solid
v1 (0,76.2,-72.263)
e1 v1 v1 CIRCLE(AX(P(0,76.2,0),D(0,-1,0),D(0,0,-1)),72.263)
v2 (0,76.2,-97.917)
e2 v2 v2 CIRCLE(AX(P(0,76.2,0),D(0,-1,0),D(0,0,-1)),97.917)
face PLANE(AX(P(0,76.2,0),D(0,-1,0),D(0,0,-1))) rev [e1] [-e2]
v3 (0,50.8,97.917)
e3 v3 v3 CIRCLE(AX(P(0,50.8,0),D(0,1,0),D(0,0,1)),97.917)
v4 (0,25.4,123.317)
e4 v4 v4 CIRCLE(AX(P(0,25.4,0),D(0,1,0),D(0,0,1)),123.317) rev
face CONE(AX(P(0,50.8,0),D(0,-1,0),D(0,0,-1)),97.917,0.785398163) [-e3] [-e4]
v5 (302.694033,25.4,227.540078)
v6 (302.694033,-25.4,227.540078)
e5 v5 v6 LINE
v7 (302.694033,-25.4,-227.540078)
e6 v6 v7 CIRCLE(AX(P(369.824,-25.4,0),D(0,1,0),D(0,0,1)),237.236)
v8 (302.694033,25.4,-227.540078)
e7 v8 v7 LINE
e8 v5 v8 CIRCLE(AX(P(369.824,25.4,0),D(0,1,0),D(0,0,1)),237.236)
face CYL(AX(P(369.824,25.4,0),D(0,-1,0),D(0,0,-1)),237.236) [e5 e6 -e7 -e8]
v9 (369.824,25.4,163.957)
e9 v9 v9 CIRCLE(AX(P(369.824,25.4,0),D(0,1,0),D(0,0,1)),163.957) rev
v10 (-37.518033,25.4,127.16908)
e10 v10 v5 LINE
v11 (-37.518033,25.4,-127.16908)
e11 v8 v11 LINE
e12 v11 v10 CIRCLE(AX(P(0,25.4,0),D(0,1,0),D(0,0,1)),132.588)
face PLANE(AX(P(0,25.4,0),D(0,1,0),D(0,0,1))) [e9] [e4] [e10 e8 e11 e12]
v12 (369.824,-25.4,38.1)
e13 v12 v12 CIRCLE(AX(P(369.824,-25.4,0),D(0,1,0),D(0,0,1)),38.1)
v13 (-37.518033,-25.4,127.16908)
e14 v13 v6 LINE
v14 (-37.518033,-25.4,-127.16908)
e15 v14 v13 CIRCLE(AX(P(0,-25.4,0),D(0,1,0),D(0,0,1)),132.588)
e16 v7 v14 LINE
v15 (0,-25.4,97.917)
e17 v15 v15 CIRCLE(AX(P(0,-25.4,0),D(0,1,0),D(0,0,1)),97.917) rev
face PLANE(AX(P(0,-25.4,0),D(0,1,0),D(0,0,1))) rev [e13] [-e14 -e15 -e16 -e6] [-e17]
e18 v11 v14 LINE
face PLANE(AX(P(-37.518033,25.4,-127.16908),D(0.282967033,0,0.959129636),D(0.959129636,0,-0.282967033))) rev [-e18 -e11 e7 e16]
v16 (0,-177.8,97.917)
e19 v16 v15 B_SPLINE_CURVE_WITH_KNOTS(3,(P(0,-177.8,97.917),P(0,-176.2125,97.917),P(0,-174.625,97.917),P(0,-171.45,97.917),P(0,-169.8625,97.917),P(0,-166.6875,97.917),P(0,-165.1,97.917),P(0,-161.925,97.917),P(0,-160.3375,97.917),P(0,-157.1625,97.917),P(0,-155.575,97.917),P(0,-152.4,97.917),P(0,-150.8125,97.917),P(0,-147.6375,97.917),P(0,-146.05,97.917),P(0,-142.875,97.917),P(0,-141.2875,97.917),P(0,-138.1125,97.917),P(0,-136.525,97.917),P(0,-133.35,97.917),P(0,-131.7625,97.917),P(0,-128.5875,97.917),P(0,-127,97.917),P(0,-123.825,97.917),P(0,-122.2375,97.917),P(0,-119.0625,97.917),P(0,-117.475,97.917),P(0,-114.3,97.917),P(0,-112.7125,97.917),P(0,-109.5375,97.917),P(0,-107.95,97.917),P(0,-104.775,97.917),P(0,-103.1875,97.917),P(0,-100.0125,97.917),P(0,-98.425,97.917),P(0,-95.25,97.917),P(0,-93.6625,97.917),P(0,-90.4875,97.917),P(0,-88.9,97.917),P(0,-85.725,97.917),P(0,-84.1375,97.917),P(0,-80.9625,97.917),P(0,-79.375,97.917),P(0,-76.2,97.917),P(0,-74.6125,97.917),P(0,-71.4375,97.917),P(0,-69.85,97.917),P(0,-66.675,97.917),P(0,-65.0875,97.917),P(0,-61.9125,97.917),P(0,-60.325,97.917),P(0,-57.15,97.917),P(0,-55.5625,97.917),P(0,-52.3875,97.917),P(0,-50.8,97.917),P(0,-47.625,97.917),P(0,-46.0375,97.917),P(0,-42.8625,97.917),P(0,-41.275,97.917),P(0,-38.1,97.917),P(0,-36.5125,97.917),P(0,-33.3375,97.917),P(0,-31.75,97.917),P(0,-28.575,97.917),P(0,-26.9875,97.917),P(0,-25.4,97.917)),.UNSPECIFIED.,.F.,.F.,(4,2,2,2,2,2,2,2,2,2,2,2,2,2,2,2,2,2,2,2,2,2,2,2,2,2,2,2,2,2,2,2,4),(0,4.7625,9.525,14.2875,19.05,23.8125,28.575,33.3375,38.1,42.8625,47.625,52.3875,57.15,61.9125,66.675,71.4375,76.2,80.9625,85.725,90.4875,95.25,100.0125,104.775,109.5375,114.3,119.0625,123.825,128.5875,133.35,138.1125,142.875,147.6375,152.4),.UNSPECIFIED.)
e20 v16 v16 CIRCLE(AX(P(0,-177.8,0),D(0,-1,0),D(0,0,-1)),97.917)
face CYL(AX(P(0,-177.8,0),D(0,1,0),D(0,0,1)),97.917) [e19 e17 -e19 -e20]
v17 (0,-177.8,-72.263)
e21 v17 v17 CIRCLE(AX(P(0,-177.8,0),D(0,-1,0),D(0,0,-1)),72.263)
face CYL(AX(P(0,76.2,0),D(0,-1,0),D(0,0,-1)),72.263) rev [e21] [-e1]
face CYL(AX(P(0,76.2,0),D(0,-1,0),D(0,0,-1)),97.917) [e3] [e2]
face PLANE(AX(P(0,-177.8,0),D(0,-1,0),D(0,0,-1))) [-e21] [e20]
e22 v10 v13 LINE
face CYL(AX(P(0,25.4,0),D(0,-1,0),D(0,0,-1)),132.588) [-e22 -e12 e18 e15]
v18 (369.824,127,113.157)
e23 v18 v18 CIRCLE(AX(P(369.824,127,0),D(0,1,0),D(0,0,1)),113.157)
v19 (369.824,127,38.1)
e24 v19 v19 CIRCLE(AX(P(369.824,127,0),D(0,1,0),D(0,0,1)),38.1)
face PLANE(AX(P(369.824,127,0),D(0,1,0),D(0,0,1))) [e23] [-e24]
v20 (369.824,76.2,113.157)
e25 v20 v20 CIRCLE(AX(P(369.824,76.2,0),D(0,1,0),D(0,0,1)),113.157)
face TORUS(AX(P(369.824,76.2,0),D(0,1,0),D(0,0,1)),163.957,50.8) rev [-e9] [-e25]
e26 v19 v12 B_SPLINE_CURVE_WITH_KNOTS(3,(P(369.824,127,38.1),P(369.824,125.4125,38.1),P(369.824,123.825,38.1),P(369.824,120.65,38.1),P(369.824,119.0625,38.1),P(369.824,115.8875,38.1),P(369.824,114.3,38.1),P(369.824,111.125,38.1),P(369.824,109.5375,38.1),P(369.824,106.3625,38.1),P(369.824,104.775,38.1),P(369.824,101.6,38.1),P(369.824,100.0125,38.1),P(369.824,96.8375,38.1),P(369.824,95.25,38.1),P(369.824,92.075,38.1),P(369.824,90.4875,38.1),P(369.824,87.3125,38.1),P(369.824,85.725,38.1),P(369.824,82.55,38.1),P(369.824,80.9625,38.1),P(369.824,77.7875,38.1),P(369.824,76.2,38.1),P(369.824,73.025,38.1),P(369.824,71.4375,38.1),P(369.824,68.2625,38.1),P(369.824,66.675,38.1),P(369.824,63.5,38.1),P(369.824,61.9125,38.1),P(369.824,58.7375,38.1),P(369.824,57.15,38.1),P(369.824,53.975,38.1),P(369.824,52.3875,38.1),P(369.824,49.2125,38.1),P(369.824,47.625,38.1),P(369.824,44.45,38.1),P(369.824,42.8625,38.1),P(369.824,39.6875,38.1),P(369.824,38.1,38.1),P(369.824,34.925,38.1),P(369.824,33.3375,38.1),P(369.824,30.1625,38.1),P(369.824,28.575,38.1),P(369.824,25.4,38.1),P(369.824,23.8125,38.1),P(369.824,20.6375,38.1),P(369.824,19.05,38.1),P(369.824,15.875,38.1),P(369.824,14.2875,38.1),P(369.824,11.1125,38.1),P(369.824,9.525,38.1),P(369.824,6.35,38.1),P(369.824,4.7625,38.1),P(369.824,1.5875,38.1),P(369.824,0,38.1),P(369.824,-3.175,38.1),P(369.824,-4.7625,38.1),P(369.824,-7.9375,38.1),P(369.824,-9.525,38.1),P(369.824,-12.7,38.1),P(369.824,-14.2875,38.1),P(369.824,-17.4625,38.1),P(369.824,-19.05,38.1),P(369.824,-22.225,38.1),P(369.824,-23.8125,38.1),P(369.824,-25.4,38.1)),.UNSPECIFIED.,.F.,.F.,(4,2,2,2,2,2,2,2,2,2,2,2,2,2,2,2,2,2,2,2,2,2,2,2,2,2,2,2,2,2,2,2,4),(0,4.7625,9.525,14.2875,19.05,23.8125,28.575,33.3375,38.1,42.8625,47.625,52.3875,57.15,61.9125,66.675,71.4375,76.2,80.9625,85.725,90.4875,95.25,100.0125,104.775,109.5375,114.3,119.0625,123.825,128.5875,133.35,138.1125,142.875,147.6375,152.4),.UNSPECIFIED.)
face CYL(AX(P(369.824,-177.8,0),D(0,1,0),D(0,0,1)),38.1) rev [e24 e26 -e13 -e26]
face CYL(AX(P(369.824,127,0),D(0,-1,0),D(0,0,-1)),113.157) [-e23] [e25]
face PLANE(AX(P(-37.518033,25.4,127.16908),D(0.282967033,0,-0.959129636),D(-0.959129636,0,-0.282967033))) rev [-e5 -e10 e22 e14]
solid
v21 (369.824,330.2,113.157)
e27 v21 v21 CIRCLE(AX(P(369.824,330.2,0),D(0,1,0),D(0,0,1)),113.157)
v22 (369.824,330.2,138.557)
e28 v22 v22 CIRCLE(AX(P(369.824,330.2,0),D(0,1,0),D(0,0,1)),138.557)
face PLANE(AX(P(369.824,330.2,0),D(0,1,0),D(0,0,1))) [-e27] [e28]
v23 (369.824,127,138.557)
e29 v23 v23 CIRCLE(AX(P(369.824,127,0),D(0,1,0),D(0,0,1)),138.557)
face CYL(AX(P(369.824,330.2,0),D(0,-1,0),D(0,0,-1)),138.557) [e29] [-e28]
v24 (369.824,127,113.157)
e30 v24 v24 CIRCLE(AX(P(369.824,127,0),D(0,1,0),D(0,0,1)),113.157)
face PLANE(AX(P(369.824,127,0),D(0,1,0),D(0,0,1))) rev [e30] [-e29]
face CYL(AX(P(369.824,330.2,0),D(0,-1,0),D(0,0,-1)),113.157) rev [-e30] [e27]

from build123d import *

# Parameters (mm, degrees)
BOSS_EXTRUDE1_DEPTH = 25.4
SKETCH2_R           = 97.917
BOSS_EXTRUDE2_DEPTH = 152.4
SKETCH3_R           = 72.263
CUT_EXTRUDE2_DEPTH  = 683.710043354
BOSS_EXTRUDE3_START = -254
SKETCH4_R           = 97.917
BOSS_EXTRUDE3_DEPTH = 254
SKETCH3_3_R         = 72.263
CUT_EXTRUDE3_DEPTH  = 254
SKETCH5_R           = 113.157
BOSS_EXTRUDE5_DEPTH = 101.6
SKETCH8_R           = 138.557
SKETCH8_R_2         = 113.157
BOSS_EXTRUDE6_DEPTH = 203.2
SKETCH9_R           = 38.1
CUT_EXTRUDE6_DEPTH  = 720.517757457
FILLET1_R           = 50.8
CHAMFER1_SIZE       = 25.4


with BuildPart() as part:
    # Sketch1 → Boss-Extrude1 (new, symmetric)
    with BuildSketch(Plane(origin=(0, 0, 0), x_dir=(1, 0, 0), z_dir=(0, 1, 0))):
        with BuildLine():
            Line((-37.518032967, 127.16908015), (302.694032967, 227.540078277))
            ThreePointArc((302.694032967, 227.540078277), (607.06, 0), (302.694032967, -227.540078277))
            Line((302.694032967, -227.540078277), (-37.518032967, -127.16908015))
            ThreePointArc((-37.518032967, -127.16908015), (-132.588, 0), (-37.518032967, 127.16908015))
        make_face()
    extrude(amount=BOSS_EXTRUDE1_DEPTH, both=True)

    # Sketch2 → Boss-Extrude2 (add)
    with BuildSketch(Plane.XZ.offset(25.4)):
        Circle(SKETCH2_R)
    extrude(amount=BOSS_EXTRUDE2_DEPTH)

    # Sketch3 → Cut-Extrude2 (cut, through all)
    with BuildSketch(Plane.XZ.offset(177.8)):
        Circle(SKETCH3_R)
    extrude(amount=-CUT_EXTRUDE2_DEPTH, mode=Mode.SUBTRACT)

    # Sketch4 → Boss-Extrude3 (add)
    with BuildSketch(Plane.XZ.offset(177.8).offset(BOSS_EXTRUDE3_START)):
        Circle(SKETCH4_R)
    extrude(amount=BOSS_EXTRUDE3_DEPTH)

    # Sketch3<3> → Cut-Extrude3 (cut)
    with BuildSketch(Plane.XZ.offset(177.8)):
        Circle(SKETCH3_3_R)
    extrude(amount=-CUT_EXTRUDE3_DEPTH, mode=Mode.SUBTRACT)

    # Sketch5 → Boss-Extrude5 (add)
    with BuildSketch(Plane(origin=(0, 25.4, 0), x_dir=(1, 0, 0), z_dir=(0, 1, 0))):
        with Locations((369.824, 0)):
            Circle(SKETCH5_R)
    extrude(amount=BOSS_EXTRUDE5_DEPTH)

    # Sketch9 → Cut-Extrude6 (cut, through all)
    with BuildSketch(Plane(origin=(0, 127, 0), x_dir=(1, 0, 0), z_dir=(0, 1, 0))):
        with Locations((369.824, 0)):
            Circle(SKETCH9_R)
    extrude(amount=-CUT_EXTRUDE6_DEPTH, mode=Mode.SUBTRACT)

    # Fillet1
    fillet1_edges = [part.edges().sort_by_distance(p)[0] for p in [
        (256.667, 25.4, 0),
    ]]
    fillet(fillet1_edges, radius=FILLET1_R)

    # Chamfer1
    chamfer1_edges = [part.edges().sort_by_distance(p)[0] for p in [
        (-97.917, 25.4, 0),
    ]]
    chamfer(chamfer1_edges, length=CHAMFER1_SIZE)


with BuildPart() as body_2:
    # Sketch8 → Boss-Extrude6 (new body)
    with BuildSketch(Plane(origin=(0, 127, 0), x_dir=(1, 0, 0), z_dir=(0, 1, 0))):
        with Locations((369.824, 0)):
            Circle(SKETCH8_R)
        with Locations((369.824, 0)):
            Circle(SKETCH8_R_2, mode=Mode.SUBTRACT)
    extrude(amount=BOSS_EXTRUDE6_DEPTH)


solid = Compound([part.part, body_2.part])
